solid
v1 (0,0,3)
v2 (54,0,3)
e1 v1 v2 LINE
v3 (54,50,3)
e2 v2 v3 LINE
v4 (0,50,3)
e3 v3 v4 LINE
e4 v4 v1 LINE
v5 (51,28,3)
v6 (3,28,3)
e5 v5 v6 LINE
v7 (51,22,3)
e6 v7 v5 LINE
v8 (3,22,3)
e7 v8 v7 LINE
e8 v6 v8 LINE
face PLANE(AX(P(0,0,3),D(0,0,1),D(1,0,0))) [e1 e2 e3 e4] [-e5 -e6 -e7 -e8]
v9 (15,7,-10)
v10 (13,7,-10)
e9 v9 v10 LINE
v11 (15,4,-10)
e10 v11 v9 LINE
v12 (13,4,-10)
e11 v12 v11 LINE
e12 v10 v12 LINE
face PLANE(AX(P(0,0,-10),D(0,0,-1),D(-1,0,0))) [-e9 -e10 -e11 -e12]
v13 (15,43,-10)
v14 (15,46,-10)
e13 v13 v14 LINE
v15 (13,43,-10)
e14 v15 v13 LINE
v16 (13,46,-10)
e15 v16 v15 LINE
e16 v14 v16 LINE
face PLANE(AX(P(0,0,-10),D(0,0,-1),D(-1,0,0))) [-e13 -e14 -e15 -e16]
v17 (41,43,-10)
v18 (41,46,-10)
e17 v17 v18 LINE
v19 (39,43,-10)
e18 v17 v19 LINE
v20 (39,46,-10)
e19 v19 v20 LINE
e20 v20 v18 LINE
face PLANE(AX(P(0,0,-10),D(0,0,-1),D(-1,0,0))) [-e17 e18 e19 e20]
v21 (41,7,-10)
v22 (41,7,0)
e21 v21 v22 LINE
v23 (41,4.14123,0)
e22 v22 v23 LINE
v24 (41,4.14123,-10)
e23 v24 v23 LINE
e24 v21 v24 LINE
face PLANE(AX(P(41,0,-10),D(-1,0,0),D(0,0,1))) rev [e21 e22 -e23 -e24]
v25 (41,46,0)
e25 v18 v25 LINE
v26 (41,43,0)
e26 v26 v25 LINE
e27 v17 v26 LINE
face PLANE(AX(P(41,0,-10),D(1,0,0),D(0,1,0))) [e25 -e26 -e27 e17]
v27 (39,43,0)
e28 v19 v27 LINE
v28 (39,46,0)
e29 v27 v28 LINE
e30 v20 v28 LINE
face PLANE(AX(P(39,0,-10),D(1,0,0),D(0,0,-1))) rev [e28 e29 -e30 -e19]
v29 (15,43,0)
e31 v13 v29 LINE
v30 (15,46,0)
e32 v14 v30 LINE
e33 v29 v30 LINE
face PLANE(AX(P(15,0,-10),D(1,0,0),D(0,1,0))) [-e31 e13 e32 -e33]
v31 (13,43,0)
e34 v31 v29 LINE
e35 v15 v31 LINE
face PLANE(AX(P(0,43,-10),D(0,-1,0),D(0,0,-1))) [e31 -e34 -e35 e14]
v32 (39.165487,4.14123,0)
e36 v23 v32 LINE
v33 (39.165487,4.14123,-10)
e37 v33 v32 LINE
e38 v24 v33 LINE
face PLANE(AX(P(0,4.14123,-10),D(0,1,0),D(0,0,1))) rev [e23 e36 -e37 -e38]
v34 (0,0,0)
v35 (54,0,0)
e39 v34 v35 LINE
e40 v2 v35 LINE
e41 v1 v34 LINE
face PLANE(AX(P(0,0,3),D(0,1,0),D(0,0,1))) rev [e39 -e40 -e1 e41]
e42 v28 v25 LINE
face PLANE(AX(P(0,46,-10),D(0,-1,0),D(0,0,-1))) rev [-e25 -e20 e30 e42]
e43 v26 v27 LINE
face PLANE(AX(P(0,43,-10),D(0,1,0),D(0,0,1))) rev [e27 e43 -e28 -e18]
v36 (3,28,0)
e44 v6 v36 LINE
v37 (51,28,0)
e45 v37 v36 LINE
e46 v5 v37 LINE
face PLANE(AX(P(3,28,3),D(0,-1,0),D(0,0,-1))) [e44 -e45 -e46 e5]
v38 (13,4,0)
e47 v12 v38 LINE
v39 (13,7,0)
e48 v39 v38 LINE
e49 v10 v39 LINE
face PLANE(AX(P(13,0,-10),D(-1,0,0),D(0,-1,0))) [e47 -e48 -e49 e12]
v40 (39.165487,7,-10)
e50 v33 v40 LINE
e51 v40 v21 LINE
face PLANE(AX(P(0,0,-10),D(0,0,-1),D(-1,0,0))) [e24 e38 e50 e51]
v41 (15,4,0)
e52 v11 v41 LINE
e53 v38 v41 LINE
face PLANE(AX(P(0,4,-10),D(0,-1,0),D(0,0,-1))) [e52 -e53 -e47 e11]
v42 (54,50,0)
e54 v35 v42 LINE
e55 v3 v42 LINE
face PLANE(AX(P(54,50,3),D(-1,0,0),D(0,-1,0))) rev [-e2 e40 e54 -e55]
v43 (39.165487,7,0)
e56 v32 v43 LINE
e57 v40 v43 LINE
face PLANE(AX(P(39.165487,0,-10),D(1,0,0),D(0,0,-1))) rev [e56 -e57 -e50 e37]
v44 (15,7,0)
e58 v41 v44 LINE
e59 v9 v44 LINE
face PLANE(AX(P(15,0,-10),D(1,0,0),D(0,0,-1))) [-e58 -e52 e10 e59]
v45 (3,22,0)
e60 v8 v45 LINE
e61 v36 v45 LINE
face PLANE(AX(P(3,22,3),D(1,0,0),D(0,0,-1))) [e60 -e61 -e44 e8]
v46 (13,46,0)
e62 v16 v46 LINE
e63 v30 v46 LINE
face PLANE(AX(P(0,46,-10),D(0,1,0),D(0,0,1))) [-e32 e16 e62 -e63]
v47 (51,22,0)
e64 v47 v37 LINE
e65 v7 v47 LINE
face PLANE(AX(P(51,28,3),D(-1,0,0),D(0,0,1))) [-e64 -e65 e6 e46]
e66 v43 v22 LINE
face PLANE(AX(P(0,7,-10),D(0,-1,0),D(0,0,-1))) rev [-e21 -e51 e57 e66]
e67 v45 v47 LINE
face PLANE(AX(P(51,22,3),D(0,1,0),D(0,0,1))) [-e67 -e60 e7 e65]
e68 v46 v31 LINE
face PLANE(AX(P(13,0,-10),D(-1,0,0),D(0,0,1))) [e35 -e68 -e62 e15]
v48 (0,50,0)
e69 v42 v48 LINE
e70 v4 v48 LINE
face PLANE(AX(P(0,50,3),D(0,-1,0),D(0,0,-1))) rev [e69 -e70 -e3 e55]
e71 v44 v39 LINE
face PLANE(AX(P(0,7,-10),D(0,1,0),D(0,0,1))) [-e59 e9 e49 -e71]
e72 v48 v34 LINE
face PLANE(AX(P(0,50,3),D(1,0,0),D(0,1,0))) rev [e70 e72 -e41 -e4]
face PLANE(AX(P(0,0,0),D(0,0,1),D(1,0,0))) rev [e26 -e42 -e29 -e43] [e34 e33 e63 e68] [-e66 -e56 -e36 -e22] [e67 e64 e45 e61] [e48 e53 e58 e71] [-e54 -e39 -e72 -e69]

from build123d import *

# Parameters (mm, degrees)
SKETCH1_W           = 54
SKETCH1_H           = 50
SKETCH1_W_2         = 48
SKETCH1_H_2         = 6
BOSS_EXTRUDE1_DEPTH = 3
SKETCH2_W           = 2
SKETCH2_H           = 3
SKETCH2_W_2         = 1.834512626
SKETCH2_H_2         = 2.85876986
BOSS_EXTRUDE2_DEPTH = 10


with BuildPart() as part:
    # Sketch1 → Boss-Extrude1 (new body)
    with BuildSketch(Plane.XY):
        with Locations((27, 25)):
            Rectangle(SKETCH1_W, SKETCH1_H)
        with Locations((27, 25)):
            Rectangle(SKETCH1_W_2, SKETCH1_H_2, mode=Mode.SUBTRACT)
    extrude(amount=BOSS_EXTRUDE1_DEPTH)

    # Sketch2 → Boss-Extrude2 (add)
    with BuildSketch(Plane(origin=(0, 0, 0), x_dir=(-1, 0, 0), z_dir=(0, 0, -1))):
        with Locations((-40, 44.5)):
            Rectangle(SKETCH2_W, SKETCH2_H)
        with Locations((-14, 44.5)):
            Rectangle(SKETCH2_W, SKETCH2_H)
        with Locations((-40.082743687, 5.57061507)):
            Rectangle(SKETCH2_W_2, SKETCH2_H_2)
        with Locations((-14, 5.5)):
            Rectangle(SKETCH2_W, SKETCH2_H)
    extrude(amount=BOSS_EXTRUDE2_DEPTH)


solid = part.part
